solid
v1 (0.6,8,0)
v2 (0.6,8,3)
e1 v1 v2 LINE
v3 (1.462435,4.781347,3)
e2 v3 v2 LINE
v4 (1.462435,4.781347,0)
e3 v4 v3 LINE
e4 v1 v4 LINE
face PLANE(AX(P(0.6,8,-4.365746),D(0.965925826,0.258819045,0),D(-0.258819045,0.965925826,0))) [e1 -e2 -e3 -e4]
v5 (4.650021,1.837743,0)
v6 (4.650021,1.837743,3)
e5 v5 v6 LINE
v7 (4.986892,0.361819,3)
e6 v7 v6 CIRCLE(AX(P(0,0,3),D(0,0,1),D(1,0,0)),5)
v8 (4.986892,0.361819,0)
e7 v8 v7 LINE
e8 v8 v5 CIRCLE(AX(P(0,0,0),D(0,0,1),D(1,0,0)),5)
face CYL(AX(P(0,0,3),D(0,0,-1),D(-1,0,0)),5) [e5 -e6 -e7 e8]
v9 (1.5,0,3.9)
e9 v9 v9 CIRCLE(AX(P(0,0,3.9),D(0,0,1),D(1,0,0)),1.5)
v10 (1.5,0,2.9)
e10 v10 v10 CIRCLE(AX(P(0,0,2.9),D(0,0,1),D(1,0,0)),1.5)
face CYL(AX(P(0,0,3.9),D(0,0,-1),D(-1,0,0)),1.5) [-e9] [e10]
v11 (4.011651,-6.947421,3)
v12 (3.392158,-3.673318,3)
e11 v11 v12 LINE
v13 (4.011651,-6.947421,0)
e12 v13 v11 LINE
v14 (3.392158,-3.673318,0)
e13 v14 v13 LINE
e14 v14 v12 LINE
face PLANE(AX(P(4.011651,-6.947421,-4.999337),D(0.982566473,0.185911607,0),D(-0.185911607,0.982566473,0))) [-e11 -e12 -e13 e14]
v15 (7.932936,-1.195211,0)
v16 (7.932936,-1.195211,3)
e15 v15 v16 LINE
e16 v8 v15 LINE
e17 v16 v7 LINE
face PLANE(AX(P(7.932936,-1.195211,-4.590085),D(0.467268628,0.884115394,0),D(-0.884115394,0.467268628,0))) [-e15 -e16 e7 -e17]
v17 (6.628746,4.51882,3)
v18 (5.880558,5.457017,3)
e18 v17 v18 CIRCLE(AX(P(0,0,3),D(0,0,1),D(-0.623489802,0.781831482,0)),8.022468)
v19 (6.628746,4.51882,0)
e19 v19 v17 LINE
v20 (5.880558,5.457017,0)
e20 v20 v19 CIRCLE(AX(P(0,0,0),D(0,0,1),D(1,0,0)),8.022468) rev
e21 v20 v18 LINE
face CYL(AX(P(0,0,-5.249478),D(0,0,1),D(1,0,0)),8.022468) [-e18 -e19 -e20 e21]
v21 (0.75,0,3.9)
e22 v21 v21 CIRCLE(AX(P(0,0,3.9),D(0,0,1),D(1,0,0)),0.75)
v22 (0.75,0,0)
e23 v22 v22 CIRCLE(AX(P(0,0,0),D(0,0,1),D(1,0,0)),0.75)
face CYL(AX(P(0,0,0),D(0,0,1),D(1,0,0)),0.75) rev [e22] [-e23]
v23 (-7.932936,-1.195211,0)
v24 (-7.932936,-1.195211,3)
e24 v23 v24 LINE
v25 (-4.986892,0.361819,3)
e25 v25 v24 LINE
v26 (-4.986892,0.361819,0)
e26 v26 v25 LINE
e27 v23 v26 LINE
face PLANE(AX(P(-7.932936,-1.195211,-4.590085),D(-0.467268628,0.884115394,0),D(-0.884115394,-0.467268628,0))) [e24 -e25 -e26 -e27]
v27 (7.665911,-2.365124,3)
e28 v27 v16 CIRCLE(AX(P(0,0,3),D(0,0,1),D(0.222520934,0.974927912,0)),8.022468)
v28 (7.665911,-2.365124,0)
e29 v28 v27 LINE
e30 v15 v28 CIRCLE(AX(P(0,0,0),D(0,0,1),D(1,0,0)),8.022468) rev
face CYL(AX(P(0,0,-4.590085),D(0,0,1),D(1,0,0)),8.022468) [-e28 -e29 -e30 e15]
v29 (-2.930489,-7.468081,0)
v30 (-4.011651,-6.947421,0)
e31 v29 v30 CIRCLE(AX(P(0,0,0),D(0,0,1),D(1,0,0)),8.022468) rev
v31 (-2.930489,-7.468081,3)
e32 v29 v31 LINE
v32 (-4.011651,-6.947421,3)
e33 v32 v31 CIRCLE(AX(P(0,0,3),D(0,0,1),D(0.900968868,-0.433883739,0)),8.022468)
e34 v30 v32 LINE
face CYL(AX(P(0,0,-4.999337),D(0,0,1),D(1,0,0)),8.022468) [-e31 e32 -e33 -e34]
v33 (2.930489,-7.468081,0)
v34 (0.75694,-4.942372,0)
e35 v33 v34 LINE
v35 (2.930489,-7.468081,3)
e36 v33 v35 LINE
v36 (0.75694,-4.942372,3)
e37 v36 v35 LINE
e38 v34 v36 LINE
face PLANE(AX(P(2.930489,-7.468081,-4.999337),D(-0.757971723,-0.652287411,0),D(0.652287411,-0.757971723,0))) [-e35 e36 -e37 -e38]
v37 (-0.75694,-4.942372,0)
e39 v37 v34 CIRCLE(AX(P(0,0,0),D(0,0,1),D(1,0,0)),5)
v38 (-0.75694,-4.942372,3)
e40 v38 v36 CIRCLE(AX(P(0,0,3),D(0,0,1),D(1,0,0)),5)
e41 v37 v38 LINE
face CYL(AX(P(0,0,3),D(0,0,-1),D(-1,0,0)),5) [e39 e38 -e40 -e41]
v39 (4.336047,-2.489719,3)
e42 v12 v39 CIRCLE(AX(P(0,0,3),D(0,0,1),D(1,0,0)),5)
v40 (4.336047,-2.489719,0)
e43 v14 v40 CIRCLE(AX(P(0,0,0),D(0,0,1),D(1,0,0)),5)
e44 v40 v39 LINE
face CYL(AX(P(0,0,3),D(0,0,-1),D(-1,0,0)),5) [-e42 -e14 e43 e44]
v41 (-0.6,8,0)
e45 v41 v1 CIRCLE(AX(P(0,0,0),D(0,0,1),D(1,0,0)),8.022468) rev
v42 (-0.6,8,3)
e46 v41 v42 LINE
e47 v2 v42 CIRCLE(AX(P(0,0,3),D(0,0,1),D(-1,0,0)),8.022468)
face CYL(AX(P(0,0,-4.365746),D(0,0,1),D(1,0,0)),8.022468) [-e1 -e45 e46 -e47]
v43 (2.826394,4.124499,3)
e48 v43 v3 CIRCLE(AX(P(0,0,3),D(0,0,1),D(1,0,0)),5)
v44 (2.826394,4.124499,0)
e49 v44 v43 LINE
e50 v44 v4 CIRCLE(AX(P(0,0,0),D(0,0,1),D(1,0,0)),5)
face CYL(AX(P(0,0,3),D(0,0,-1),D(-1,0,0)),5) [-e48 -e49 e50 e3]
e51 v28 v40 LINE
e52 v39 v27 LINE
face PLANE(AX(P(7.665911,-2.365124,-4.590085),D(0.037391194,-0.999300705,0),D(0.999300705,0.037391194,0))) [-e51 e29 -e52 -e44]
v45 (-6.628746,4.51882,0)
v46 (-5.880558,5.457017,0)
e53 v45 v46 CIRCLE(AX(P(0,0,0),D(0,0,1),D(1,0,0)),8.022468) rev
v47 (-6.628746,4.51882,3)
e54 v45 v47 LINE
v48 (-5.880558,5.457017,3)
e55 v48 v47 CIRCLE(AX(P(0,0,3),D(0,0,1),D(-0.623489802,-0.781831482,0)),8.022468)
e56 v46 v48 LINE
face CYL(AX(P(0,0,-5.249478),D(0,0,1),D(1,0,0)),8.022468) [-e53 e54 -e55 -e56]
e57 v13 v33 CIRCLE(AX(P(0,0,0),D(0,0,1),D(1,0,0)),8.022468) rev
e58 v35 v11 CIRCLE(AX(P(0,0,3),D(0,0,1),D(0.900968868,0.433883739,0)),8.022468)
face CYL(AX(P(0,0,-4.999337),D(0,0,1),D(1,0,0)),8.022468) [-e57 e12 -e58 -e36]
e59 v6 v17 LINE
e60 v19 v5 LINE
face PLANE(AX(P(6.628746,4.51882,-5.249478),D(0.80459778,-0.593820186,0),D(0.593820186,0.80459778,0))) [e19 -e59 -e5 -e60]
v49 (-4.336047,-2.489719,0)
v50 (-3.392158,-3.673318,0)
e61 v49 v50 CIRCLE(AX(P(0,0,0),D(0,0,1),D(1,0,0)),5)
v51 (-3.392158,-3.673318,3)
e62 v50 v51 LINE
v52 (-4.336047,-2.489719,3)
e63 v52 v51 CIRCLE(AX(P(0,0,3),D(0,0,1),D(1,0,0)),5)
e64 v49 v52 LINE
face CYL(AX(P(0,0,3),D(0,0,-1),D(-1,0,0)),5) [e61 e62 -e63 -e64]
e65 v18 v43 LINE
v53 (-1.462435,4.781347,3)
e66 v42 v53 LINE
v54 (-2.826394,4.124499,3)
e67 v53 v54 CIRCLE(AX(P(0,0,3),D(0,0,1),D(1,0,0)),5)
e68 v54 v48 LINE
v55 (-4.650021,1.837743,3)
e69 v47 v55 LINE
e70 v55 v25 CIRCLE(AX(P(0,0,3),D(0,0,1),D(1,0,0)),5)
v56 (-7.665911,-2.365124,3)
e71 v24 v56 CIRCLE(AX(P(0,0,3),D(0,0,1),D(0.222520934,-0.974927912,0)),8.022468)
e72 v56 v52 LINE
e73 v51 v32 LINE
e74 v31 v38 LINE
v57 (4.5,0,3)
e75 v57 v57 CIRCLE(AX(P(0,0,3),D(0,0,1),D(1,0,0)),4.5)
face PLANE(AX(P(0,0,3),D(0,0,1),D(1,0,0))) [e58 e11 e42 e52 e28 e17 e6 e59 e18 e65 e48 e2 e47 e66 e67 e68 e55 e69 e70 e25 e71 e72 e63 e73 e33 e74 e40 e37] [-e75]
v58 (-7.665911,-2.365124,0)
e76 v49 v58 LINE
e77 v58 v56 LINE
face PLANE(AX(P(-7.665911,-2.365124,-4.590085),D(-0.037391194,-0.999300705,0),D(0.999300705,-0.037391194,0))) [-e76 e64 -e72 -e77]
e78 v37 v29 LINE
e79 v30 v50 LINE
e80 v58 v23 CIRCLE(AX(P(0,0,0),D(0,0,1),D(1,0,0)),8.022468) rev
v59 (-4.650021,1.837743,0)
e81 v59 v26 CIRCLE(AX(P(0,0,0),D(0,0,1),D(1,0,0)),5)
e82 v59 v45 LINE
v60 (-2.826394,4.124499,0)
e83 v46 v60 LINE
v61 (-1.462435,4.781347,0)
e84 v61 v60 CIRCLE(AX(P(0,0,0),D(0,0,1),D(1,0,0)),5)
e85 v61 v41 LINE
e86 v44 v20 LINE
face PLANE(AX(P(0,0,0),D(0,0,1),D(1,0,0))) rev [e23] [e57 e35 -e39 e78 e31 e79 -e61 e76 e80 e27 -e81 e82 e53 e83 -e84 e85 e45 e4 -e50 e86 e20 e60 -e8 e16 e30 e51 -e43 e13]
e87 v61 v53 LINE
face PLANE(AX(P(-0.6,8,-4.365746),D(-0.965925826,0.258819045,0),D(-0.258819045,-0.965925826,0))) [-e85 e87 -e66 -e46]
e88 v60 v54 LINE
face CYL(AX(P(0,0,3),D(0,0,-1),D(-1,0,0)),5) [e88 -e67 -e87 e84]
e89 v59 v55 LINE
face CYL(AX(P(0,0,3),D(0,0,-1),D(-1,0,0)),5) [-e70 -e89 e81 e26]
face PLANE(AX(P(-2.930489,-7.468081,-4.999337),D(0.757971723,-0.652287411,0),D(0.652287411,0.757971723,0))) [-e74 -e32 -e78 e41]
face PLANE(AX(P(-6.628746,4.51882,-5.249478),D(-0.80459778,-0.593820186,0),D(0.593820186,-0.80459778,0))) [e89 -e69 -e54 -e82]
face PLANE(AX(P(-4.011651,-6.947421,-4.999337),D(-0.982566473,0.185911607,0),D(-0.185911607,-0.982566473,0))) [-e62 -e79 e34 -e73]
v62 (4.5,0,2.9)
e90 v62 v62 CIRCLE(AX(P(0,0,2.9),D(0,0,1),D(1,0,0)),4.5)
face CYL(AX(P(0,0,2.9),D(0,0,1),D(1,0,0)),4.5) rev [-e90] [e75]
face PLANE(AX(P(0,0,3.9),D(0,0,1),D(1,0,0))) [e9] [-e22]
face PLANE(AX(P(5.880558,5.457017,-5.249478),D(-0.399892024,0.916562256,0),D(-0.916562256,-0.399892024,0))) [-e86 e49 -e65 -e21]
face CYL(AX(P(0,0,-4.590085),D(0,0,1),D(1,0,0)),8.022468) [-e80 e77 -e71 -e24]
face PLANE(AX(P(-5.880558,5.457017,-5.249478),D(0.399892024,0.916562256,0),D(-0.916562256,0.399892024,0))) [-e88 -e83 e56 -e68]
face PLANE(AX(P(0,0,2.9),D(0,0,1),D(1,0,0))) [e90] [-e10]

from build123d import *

# Parameters (mm, degrees)
SKETCH1_R           = 5
BOSS_EXTRUDE1_DEPTH = 3
BOSS_EXTRUDE2_DEPTH = 3
CIRPATTERN2_COUNT   = 7
SKETCH3_R           = 4.5
CUT_EXTRUDE1_DEPTH  = 0.1
SKETCH4_R           = 1.5
BOSS_EXTRUDE3_DEPTH = 1
SKETCH5_R           = 0.75
CUT_EXTRUDE2_DEPTH  = 12.937398013


with BuildPart() as part:
    # Sketch1 → Boss-Extrude1 (new body)
    with BuildSketch(Plane.XY):
        Circle(SKETCH1_R)
    extrude(amount=BOSS_EXTRUDE1_DEPTH)

    # Sketch2 → Boss-Extrude2 (add)
    with BuildSketch(Plane.XY.offset(3)):
        with BuildLine():
            Line((-1.46243537, 4.781347382), (1.46243537, 4.781347382))
            Line((1.46243537, 4.781347382), (0.6, 8))
            ThreePointArc((0.6, 8), (0, 8.022468448), (-0.6, 8))
            Line((-0.6, 8), (-1.46243537, 4.781347382))
        make_face()
    boss_extrude2 = extrude(amount=-BOSS_EXTRUDE2_DEPTH)

    # CirPattern2: Boss-Extrude2 ×7 about axis
    cirpattern2_axis = Axis((0, 0, 0), (0, 0, 1))
    for i in range(1, CIRPATTERN2_COUNT):
        add(boss_extrude2.rotate(cirpattern2_axis, i * 360 / CIRPATTERN2_COUNT))

    # Sketch3 → Cut-Extrude1 (cut)
    with BuildSketch(Plane.XY.offset(3)):
        Circle(SKETCH3_R)
    extrude(amount=-CUT_EXTRUDE1_DEPTH, mode=Mode.SUBTRACT)

    # Sketch4 → Boss-Extrude3 (add)
    with BuildSketch(Plane.XY.offset(2.9)):
        Circle(SKETCH4_R)
    extrude(amount=BOSS_EXTRUDE3_DEPTH)

    # Sketch5 → Cut-Extrude2 (cut, through all)
    with BuildSketch(Plane.XY.offset(3.9)):
        Circle(SKETCH5_R)
    extrude(amount=-CUT_EXTRUDE2_DEPTH, mode=Mode.SUBTRACT)


solid = part.part
